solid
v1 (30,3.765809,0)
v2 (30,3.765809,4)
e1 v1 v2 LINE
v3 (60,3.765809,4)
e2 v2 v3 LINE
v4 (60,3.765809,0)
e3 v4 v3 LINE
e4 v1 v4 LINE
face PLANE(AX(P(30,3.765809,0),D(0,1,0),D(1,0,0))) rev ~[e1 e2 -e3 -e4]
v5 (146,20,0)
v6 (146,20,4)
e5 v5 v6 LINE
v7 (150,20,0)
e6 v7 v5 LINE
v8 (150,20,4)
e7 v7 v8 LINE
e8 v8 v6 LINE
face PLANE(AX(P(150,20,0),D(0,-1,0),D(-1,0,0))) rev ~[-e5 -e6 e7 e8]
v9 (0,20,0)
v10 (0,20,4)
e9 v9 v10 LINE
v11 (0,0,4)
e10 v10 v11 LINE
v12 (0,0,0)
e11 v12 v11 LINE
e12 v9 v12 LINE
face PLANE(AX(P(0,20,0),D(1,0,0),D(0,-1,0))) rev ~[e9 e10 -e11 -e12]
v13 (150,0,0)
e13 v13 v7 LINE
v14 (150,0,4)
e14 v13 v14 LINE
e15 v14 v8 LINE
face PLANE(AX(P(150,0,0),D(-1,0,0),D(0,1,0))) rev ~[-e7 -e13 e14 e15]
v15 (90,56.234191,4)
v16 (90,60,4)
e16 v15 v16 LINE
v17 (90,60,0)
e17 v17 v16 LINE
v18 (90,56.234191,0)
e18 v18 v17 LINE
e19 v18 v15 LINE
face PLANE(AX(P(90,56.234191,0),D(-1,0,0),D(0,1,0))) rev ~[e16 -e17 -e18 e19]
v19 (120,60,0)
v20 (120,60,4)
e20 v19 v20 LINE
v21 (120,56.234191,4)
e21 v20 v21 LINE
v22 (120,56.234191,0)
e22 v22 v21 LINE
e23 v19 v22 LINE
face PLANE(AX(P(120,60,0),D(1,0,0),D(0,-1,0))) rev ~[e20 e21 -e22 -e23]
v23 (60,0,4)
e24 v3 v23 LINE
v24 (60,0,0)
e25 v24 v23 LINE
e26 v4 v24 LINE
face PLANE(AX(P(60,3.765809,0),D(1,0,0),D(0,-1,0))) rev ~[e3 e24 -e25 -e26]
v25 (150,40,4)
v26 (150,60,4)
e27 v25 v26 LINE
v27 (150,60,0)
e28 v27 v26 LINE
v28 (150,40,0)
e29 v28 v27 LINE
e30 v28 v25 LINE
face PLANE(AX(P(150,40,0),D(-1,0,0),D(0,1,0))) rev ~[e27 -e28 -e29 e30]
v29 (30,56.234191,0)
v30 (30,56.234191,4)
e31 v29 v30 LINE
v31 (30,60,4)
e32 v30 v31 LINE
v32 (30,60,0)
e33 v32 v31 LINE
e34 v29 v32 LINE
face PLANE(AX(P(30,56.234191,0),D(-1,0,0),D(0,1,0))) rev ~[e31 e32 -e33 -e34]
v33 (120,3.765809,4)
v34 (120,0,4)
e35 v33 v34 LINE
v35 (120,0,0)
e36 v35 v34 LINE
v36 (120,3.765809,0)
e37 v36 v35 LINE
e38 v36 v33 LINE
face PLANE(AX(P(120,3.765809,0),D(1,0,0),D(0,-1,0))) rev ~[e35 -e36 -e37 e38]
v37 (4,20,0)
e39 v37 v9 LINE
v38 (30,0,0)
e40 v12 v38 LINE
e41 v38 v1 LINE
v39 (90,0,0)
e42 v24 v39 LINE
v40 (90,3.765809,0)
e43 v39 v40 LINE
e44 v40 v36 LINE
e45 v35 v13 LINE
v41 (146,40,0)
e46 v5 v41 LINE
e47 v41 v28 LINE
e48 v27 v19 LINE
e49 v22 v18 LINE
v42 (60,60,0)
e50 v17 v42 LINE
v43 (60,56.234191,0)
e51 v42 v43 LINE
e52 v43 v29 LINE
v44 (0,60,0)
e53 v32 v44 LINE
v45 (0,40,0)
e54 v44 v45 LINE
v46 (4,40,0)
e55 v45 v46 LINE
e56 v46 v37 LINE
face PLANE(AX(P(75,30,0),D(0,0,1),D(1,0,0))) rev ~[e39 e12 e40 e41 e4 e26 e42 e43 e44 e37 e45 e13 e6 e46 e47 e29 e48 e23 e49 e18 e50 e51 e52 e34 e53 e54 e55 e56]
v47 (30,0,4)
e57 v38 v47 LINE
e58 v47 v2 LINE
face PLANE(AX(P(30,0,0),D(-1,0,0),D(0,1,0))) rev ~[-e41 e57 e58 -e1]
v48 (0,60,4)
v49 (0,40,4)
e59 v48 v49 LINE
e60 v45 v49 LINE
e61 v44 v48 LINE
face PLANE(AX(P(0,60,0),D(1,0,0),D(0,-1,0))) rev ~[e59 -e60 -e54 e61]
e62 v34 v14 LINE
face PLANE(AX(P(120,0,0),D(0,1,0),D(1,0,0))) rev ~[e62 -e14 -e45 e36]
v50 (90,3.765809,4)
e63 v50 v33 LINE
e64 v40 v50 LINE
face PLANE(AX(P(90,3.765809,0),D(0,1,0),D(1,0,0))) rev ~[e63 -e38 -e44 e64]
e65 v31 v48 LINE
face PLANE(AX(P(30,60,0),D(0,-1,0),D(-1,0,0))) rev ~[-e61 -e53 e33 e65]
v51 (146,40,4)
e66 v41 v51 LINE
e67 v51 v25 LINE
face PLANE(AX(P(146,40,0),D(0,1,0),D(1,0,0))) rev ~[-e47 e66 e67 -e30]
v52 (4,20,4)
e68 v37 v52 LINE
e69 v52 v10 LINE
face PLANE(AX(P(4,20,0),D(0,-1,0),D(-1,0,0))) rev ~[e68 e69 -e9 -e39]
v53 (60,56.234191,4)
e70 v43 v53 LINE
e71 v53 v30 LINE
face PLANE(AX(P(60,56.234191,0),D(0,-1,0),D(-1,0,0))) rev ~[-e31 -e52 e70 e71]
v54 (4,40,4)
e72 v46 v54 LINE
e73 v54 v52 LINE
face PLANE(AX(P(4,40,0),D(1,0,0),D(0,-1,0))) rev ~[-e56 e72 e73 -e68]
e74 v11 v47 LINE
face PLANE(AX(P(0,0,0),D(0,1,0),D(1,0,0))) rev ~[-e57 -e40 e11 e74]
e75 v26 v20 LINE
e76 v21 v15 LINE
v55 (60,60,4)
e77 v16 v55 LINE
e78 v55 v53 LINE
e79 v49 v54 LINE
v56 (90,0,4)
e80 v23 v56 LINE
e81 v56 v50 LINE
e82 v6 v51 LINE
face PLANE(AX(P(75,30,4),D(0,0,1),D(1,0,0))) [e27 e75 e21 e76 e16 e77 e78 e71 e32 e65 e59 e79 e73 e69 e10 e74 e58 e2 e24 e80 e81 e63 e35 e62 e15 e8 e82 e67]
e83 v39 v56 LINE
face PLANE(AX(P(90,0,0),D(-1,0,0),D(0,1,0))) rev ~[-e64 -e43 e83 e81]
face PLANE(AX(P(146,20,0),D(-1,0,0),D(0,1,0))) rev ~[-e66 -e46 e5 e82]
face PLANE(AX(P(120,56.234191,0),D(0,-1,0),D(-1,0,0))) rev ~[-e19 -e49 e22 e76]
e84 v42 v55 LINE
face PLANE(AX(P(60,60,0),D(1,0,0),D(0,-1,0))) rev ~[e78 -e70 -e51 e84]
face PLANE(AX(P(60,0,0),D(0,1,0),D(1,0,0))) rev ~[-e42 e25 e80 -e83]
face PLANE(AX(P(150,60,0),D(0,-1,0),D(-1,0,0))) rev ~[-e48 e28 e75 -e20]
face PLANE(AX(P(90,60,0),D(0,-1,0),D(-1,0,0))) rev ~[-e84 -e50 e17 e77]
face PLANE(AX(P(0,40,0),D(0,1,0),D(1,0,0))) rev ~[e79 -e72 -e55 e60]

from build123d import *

# Parameters (mm, degrees)
F1_DEPTH = 4


with BuildPart() as f1:
    # F0 (on Top) → F1 (new body)
    with BuildSketch(Plane.XY):
        Polygon((0, 20), (0, 0), (30, 0), (30, 3.765809), (60, 3.765809), (60, 0), (90, 0), (90, 3.765809), (120, 3.765809), (120, 0), (150, 0), (150, 20), (146, 20), (146, 40), (150, 40), (150, 60), (120, 60), (120, 56.234191), (90, 56.234191), (90, 60), (60, 60), (60, 56.234191), (30, 56.234191), (30, 60), (0, 60), (0, 40), (4, 40), (4, 20), align=None)
    extrude(amount=F1_DEPTH)


solid = f1.part
